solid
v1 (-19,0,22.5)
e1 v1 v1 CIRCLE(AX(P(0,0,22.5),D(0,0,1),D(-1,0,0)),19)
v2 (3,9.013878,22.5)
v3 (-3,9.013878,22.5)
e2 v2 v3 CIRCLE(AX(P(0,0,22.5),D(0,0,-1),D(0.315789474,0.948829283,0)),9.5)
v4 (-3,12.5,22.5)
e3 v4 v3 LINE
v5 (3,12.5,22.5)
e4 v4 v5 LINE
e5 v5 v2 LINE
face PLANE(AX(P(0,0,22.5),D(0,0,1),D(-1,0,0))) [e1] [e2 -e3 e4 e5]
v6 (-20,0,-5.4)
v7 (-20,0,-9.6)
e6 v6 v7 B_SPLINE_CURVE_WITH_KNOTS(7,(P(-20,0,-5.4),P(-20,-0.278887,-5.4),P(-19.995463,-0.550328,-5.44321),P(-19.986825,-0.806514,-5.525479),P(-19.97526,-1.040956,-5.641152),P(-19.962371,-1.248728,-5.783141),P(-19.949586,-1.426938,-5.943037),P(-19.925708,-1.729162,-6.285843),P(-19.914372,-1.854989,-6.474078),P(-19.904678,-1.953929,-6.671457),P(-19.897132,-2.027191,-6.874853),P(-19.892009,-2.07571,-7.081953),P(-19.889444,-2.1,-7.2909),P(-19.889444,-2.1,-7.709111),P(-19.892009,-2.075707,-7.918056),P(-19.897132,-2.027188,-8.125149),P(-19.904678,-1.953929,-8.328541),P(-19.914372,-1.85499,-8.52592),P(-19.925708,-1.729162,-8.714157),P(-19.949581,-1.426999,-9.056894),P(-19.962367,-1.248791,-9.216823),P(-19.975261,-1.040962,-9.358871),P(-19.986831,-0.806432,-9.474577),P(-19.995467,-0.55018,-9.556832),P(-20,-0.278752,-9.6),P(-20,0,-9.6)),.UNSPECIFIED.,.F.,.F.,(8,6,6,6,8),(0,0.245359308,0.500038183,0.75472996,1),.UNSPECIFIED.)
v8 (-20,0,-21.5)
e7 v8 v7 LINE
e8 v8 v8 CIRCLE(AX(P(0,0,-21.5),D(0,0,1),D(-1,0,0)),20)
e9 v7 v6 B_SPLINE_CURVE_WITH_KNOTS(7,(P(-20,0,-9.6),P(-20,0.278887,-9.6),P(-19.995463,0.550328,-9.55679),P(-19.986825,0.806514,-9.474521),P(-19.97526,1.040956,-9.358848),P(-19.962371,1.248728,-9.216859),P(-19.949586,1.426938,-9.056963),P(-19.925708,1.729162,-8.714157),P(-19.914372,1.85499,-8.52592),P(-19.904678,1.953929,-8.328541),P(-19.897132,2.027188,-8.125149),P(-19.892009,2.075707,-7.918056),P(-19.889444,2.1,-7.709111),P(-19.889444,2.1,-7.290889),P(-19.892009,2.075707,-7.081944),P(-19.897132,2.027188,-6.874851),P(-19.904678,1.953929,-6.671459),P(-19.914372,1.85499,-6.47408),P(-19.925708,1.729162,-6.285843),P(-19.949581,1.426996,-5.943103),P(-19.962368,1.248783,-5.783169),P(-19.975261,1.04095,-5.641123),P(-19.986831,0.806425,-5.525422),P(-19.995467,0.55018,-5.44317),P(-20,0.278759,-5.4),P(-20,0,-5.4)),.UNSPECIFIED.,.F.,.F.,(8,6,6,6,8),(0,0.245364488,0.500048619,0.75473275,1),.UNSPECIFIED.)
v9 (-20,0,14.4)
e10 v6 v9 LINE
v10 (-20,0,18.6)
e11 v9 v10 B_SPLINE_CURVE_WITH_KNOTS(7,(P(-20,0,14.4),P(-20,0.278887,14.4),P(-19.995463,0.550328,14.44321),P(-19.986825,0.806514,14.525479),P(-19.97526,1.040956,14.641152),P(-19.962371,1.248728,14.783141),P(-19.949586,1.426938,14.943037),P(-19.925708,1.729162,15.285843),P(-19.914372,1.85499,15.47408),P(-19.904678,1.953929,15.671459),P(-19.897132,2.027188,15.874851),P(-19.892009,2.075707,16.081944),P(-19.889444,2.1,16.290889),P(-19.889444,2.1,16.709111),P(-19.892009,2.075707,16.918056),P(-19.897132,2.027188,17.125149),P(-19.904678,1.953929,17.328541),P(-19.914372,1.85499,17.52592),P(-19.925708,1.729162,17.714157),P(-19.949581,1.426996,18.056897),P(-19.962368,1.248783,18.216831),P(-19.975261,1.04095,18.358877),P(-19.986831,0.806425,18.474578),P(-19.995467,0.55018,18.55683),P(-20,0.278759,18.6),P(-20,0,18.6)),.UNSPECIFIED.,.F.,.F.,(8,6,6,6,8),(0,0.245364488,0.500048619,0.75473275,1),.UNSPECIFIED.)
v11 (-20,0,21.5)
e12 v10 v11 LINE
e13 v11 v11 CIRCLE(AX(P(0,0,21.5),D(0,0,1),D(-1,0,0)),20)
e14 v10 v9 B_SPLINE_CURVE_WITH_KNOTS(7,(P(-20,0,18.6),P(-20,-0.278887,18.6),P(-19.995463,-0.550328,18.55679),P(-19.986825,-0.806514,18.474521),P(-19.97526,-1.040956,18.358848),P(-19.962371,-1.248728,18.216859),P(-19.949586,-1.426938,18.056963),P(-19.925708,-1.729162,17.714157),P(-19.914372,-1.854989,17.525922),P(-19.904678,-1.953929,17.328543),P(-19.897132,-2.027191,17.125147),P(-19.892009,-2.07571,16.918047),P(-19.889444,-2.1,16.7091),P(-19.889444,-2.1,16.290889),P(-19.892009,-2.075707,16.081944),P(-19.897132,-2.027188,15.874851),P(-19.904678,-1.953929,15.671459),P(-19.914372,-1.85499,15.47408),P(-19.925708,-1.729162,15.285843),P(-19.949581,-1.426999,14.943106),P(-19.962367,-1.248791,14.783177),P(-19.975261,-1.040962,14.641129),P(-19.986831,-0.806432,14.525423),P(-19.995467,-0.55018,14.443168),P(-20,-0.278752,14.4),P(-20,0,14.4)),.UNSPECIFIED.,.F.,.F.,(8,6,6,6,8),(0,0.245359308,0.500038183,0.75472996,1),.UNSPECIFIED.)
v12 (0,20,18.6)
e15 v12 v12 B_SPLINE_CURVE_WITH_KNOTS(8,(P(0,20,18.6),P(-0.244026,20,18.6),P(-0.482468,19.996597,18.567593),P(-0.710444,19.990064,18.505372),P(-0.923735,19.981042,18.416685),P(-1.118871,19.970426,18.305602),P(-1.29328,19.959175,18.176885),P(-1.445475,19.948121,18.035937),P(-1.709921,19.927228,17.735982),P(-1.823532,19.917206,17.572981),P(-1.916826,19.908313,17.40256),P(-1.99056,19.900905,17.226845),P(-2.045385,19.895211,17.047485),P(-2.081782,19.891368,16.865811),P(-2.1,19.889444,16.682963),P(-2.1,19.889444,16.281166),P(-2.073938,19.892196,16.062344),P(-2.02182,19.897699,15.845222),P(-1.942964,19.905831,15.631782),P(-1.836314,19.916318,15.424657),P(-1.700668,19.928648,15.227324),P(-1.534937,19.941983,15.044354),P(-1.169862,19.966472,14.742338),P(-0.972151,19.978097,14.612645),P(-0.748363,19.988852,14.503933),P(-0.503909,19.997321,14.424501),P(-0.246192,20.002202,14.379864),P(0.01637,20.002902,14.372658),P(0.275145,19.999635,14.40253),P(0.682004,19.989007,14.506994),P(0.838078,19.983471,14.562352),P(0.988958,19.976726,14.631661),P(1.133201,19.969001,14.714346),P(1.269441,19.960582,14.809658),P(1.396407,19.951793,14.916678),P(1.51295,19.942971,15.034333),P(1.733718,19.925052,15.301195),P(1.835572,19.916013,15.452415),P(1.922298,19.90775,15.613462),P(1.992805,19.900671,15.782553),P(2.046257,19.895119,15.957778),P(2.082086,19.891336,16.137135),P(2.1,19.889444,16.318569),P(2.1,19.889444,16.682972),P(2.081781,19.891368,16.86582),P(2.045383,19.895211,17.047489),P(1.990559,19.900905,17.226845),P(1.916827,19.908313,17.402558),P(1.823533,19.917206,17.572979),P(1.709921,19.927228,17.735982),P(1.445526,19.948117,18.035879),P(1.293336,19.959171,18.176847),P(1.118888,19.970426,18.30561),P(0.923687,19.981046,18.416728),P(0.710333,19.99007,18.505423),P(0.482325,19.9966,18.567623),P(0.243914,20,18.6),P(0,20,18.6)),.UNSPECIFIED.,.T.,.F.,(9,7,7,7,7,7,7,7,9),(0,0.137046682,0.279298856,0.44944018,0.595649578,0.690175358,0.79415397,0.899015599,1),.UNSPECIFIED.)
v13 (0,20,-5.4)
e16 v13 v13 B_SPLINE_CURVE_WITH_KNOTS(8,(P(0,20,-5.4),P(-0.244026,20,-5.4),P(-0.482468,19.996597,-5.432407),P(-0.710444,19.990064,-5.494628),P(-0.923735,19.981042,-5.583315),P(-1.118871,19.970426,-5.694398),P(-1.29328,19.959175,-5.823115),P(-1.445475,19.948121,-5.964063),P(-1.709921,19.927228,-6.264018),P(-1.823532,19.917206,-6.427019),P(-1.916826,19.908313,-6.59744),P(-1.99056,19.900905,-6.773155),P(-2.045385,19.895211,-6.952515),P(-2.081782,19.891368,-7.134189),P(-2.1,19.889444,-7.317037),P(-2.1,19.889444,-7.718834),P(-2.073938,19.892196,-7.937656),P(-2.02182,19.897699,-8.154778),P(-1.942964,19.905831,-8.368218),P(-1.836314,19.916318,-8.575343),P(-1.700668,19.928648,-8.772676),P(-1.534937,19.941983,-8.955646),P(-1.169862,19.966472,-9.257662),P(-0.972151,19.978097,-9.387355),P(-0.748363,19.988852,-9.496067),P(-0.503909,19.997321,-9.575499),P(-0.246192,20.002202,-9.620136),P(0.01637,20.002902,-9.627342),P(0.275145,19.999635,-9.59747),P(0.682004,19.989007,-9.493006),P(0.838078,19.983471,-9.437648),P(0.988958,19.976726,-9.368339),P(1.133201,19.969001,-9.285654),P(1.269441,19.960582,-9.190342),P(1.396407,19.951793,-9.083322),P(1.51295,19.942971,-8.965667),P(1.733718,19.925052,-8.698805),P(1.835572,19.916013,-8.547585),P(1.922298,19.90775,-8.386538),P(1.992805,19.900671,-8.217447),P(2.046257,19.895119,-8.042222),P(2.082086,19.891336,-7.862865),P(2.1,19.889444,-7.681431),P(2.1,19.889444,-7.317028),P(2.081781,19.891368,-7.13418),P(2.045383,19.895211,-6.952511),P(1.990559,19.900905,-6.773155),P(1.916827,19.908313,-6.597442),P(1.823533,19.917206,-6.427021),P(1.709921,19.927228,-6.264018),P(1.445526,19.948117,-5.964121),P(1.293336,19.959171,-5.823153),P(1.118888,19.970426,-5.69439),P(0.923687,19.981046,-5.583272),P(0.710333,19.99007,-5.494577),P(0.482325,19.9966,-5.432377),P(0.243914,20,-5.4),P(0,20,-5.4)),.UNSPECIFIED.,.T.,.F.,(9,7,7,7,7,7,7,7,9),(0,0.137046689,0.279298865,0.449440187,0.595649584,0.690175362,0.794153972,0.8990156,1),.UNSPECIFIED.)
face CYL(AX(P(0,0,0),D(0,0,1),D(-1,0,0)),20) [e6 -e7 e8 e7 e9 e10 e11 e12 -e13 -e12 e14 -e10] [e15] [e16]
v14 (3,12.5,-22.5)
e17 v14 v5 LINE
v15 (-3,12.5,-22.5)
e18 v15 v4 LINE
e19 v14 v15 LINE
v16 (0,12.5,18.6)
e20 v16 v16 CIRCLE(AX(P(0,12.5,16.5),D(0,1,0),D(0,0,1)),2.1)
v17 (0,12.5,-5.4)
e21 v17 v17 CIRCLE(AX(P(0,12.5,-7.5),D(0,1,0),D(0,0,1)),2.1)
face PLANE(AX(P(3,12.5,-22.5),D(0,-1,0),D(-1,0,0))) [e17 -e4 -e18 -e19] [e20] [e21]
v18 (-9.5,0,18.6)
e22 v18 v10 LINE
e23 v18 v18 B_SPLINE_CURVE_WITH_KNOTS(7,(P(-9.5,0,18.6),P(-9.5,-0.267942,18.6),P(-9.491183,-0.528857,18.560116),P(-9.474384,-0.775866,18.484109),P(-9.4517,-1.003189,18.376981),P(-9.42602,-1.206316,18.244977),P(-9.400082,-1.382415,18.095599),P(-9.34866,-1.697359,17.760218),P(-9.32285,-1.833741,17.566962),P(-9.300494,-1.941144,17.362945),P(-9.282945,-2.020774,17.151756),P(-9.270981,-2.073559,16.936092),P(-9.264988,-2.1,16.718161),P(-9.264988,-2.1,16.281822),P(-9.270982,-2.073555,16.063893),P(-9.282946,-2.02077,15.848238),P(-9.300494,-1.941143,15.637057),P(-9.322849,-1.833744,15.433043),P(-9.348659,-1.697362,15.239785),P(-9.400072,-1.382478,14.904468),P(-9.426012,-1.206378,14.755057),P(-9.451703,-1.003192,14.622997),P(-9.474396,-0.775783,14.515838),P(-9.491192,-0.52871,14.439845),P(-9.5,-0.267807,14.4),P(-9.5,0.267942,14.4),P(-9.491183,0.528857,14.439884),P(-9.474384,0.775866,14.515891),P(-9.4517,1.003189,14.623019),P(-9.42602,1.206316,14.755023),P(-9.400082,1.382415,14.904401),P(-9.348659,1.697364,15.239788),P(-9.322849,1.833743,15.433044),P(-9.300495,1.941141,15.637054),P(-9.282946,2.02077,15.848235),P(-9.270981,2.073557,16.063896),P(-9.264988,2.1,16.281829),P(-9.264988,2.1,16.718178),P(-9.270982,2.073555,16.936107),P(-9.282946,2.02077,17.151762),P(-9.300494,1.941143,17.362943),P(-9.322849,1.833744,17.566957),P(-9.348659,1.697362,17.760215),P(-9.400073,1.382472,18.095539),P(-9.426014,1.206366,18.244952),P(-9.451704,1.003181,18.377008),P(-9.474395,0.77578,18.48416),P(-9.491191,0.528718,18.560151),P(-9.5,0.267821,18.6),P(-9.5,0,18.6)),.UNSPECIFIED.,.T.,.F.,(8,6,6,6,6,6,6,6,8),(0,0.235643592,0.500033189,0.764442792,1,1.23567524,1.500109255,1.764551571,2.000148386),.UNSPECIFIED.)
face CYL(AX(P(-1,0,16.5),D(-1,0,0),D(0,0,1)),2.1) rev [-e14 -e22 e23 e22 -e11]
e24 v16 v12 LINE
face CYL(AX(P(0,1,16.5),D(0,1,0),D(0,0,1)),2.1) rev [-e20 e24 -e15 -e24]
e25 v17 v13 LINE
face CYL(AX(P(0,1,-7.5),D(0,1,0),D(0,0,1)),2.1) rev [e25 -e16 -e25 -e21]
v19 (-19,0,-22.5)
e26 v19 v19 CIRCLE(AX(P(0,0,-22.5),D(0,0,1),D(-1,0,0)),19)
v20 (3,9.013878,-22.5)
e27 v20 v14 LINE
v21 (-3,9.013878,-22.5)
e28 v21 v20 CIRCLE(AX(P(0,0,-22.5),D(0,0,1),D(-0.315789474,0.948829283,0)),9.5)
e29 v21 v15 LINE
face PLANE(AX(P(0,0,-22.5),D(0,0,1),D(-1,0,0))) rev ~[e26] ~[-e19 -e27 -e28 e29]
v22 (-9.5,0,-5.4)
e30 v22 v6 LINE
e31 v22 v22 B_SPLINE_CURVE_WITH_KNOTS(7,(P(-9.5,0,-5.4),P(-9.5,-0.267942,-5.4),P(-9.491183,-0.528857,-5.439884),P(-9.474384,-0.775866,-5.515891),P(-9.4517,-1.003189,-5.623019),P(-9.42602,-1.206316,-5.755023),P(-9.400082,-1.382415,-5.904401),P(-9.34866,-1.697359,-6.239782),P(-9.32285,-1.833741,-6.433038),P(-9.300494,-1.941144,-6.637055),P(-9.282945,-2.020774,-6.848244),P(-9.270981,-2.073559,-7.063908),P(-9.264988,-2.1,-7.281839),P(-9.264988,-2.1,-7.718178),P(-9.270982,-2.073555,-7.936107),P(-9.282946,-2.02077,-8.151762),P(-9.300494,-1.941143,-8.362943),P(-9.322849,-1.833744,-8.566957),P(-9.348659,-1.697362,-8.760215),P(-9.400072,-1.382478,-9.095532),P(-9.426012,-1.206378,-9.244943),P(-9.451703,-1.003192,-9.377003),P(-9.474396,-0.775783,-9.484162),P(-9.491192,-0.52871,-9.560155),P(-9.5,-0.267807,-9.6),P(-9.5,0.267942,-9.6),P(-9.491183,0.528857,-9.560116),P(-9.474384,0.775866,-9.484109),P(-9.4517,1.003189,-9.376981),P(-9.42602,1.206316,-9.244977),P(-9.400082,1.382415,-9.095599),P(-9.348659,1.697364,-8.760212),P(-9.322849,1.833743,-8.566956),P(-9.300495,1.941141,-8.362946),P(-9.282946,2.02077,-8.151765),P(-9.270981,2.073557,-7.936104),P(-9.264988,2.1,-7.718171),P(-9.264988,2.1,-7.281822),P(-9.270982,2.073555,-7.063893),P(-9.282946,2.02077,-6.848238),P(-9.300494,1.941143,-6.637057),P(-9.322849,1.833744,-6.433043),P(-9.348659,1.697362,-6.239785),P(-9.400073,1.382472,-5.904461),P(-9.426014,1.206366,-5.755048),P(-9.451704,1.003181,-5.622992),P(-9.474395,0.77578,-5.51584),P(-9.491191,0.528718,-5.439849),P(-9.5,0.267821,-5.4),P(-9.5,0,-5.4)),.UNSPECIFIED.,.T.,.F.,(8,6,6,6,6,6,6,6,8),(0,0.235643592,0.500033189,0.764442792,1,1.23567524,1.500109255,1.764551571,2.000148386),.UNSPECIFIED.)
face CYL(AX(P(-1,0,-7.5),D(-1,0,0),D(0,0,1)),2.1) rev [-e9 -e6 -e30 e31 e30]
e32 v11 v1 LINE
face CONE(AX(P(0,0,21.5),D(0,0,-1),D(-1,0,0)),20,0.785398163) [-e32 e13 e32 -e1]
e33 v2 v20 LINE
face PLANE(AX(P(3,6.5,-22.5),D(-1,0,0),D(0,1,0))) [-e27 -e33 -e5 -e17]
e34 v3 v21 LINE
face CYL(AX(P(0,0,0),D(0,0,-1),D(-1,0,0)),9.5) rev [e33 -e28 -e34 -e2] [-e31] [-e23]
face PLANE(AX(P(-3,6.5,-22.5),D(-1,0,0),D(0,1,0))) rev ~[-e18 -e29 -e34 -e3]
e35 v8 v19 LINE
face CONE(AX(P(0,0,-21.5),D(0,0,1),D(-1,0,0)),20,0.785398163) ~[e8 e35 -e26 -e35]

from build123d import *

# Parameters (mm, degrees)
SKETCH_1_R                  = 20
SKETCH_1_R_2                = 9.5
EXTRUDE_1_DEPTH             = 22.5
SKETCH_3_W                  = 6
SKETCH_3_H                  = 6
CUT_EXTRUDE_2_DEPTH         = 54.150729064
HOLE_WIZARD_M5_1_AT_2_COUNT = 2
HOLE_WIZARD_M5_1_AT_2_PITCH = 24
PATTERN_CIRCULAR_1_COUNT    = 2
PATTERN_CIRCULAR_1_ANGLE    = 90
CHAMFER_1_SIZE              = 1


with BuildPart() as part:
    # 草图1 → 凸台-拉伸1 (new, symmetric)
    with BuildSketch(Plane.XY):
        with Locations(Location((0, 0, 0), (0, 0, 180))):
            Circle(SKETCH_1_R)
        with Locations(Location((0, 0, 0), (0, 0, 180))):
            Circle(SKETCH_1_R_2, mode=Mode.SUBTRACT)
    extrude(amount=EXTRUDE_1_DEPTH, both=True)

    # 草图3 → 切除-拉伸2 (cut, through all)
    with BuildSketch(Plane(origin=(0, 0, -22.5), x_dir=(-1, 0, 0), z_dir=(0, 0, -1))):
        with Locations((0, 9.5)):
            Rectangle(SKETCH_3_W, SKETCH_3_H)
    extrude(amount=-CUT_EXTRUDE_2_DEPTH, mode=Mode.SUBTRACT)

    # 草图4 → M5 螺纹孔1 (revolve, cut)
    with BuildSketch(Plane(origin=(-20, 0, 16.5), x_dir=(0, 0, 1), z_dir=(0, 1, 0))):
        Polygon((0, 0), (0, 20.2618073), (2.1, 19), (2.1, 0), align=None)
    hole_wizard_m5_1 = revolve(axis=Axis((-26.35, 0, 16.5), (1, 0, 0)), mode=Mode.SUBTRACT)

    # M5 螺纹孔1 at 2: M5 螺纹孔1 ×2
    with Locations(*[(0, 0, -i * HOLE_WIZARD_M5_1_AT_2_PITCH) for i in range(1, HOLE_WIZARD_M5_1_AT_2_COUNT)]):
        add(hole_wizard_m5_1, mode=Mode.SUBTRACT)

    # 阵列(圆周)1: M5 螺纹孔1 ×2 about axis
    pattern_circular_1_axis = Axis((0, 0, 22.5), (0, 0, -1))
    for i in range(1, PATTERN_CIRCULAR_1_COUNT):
        add(hole_wizard_m5_1.rotate(pattern_circular_1_axis, i * PATTERN_CIRCULAR_1_ANGLE / (PATTERN_CIRCULAR_1_COUNT - 1)), mode=Mode.SUBTRACT)

    # 阵列(圆周)1 copy 1 sketch → 阵列(圆周)1 copy 1 (revolve, cut)
    with BuildSketch(Plane(origin=(0, 20, -7.5), x_dir=(0, 0, 1), z_dir=(1, 0, 0))):
        Polygon((0, 0), (0, 20.2618073), (2.1, 19), (2.1, 0), align=None)
    revolve(axis=Axis((0, 26.35, -7.5), (0, -1, 0)), mode=Mode.SUBTRACT)

    # 倒角1
    chamfer_1_edges = [part.edges().sort_by_distance(p)[0] for p in [
        (20, 0, -22.5),
        (20, 0, 22.5),
    ]]
    chamfer(chamfer_1_edges, length=CHAMFER_1_SIZE)


solid = part.part
